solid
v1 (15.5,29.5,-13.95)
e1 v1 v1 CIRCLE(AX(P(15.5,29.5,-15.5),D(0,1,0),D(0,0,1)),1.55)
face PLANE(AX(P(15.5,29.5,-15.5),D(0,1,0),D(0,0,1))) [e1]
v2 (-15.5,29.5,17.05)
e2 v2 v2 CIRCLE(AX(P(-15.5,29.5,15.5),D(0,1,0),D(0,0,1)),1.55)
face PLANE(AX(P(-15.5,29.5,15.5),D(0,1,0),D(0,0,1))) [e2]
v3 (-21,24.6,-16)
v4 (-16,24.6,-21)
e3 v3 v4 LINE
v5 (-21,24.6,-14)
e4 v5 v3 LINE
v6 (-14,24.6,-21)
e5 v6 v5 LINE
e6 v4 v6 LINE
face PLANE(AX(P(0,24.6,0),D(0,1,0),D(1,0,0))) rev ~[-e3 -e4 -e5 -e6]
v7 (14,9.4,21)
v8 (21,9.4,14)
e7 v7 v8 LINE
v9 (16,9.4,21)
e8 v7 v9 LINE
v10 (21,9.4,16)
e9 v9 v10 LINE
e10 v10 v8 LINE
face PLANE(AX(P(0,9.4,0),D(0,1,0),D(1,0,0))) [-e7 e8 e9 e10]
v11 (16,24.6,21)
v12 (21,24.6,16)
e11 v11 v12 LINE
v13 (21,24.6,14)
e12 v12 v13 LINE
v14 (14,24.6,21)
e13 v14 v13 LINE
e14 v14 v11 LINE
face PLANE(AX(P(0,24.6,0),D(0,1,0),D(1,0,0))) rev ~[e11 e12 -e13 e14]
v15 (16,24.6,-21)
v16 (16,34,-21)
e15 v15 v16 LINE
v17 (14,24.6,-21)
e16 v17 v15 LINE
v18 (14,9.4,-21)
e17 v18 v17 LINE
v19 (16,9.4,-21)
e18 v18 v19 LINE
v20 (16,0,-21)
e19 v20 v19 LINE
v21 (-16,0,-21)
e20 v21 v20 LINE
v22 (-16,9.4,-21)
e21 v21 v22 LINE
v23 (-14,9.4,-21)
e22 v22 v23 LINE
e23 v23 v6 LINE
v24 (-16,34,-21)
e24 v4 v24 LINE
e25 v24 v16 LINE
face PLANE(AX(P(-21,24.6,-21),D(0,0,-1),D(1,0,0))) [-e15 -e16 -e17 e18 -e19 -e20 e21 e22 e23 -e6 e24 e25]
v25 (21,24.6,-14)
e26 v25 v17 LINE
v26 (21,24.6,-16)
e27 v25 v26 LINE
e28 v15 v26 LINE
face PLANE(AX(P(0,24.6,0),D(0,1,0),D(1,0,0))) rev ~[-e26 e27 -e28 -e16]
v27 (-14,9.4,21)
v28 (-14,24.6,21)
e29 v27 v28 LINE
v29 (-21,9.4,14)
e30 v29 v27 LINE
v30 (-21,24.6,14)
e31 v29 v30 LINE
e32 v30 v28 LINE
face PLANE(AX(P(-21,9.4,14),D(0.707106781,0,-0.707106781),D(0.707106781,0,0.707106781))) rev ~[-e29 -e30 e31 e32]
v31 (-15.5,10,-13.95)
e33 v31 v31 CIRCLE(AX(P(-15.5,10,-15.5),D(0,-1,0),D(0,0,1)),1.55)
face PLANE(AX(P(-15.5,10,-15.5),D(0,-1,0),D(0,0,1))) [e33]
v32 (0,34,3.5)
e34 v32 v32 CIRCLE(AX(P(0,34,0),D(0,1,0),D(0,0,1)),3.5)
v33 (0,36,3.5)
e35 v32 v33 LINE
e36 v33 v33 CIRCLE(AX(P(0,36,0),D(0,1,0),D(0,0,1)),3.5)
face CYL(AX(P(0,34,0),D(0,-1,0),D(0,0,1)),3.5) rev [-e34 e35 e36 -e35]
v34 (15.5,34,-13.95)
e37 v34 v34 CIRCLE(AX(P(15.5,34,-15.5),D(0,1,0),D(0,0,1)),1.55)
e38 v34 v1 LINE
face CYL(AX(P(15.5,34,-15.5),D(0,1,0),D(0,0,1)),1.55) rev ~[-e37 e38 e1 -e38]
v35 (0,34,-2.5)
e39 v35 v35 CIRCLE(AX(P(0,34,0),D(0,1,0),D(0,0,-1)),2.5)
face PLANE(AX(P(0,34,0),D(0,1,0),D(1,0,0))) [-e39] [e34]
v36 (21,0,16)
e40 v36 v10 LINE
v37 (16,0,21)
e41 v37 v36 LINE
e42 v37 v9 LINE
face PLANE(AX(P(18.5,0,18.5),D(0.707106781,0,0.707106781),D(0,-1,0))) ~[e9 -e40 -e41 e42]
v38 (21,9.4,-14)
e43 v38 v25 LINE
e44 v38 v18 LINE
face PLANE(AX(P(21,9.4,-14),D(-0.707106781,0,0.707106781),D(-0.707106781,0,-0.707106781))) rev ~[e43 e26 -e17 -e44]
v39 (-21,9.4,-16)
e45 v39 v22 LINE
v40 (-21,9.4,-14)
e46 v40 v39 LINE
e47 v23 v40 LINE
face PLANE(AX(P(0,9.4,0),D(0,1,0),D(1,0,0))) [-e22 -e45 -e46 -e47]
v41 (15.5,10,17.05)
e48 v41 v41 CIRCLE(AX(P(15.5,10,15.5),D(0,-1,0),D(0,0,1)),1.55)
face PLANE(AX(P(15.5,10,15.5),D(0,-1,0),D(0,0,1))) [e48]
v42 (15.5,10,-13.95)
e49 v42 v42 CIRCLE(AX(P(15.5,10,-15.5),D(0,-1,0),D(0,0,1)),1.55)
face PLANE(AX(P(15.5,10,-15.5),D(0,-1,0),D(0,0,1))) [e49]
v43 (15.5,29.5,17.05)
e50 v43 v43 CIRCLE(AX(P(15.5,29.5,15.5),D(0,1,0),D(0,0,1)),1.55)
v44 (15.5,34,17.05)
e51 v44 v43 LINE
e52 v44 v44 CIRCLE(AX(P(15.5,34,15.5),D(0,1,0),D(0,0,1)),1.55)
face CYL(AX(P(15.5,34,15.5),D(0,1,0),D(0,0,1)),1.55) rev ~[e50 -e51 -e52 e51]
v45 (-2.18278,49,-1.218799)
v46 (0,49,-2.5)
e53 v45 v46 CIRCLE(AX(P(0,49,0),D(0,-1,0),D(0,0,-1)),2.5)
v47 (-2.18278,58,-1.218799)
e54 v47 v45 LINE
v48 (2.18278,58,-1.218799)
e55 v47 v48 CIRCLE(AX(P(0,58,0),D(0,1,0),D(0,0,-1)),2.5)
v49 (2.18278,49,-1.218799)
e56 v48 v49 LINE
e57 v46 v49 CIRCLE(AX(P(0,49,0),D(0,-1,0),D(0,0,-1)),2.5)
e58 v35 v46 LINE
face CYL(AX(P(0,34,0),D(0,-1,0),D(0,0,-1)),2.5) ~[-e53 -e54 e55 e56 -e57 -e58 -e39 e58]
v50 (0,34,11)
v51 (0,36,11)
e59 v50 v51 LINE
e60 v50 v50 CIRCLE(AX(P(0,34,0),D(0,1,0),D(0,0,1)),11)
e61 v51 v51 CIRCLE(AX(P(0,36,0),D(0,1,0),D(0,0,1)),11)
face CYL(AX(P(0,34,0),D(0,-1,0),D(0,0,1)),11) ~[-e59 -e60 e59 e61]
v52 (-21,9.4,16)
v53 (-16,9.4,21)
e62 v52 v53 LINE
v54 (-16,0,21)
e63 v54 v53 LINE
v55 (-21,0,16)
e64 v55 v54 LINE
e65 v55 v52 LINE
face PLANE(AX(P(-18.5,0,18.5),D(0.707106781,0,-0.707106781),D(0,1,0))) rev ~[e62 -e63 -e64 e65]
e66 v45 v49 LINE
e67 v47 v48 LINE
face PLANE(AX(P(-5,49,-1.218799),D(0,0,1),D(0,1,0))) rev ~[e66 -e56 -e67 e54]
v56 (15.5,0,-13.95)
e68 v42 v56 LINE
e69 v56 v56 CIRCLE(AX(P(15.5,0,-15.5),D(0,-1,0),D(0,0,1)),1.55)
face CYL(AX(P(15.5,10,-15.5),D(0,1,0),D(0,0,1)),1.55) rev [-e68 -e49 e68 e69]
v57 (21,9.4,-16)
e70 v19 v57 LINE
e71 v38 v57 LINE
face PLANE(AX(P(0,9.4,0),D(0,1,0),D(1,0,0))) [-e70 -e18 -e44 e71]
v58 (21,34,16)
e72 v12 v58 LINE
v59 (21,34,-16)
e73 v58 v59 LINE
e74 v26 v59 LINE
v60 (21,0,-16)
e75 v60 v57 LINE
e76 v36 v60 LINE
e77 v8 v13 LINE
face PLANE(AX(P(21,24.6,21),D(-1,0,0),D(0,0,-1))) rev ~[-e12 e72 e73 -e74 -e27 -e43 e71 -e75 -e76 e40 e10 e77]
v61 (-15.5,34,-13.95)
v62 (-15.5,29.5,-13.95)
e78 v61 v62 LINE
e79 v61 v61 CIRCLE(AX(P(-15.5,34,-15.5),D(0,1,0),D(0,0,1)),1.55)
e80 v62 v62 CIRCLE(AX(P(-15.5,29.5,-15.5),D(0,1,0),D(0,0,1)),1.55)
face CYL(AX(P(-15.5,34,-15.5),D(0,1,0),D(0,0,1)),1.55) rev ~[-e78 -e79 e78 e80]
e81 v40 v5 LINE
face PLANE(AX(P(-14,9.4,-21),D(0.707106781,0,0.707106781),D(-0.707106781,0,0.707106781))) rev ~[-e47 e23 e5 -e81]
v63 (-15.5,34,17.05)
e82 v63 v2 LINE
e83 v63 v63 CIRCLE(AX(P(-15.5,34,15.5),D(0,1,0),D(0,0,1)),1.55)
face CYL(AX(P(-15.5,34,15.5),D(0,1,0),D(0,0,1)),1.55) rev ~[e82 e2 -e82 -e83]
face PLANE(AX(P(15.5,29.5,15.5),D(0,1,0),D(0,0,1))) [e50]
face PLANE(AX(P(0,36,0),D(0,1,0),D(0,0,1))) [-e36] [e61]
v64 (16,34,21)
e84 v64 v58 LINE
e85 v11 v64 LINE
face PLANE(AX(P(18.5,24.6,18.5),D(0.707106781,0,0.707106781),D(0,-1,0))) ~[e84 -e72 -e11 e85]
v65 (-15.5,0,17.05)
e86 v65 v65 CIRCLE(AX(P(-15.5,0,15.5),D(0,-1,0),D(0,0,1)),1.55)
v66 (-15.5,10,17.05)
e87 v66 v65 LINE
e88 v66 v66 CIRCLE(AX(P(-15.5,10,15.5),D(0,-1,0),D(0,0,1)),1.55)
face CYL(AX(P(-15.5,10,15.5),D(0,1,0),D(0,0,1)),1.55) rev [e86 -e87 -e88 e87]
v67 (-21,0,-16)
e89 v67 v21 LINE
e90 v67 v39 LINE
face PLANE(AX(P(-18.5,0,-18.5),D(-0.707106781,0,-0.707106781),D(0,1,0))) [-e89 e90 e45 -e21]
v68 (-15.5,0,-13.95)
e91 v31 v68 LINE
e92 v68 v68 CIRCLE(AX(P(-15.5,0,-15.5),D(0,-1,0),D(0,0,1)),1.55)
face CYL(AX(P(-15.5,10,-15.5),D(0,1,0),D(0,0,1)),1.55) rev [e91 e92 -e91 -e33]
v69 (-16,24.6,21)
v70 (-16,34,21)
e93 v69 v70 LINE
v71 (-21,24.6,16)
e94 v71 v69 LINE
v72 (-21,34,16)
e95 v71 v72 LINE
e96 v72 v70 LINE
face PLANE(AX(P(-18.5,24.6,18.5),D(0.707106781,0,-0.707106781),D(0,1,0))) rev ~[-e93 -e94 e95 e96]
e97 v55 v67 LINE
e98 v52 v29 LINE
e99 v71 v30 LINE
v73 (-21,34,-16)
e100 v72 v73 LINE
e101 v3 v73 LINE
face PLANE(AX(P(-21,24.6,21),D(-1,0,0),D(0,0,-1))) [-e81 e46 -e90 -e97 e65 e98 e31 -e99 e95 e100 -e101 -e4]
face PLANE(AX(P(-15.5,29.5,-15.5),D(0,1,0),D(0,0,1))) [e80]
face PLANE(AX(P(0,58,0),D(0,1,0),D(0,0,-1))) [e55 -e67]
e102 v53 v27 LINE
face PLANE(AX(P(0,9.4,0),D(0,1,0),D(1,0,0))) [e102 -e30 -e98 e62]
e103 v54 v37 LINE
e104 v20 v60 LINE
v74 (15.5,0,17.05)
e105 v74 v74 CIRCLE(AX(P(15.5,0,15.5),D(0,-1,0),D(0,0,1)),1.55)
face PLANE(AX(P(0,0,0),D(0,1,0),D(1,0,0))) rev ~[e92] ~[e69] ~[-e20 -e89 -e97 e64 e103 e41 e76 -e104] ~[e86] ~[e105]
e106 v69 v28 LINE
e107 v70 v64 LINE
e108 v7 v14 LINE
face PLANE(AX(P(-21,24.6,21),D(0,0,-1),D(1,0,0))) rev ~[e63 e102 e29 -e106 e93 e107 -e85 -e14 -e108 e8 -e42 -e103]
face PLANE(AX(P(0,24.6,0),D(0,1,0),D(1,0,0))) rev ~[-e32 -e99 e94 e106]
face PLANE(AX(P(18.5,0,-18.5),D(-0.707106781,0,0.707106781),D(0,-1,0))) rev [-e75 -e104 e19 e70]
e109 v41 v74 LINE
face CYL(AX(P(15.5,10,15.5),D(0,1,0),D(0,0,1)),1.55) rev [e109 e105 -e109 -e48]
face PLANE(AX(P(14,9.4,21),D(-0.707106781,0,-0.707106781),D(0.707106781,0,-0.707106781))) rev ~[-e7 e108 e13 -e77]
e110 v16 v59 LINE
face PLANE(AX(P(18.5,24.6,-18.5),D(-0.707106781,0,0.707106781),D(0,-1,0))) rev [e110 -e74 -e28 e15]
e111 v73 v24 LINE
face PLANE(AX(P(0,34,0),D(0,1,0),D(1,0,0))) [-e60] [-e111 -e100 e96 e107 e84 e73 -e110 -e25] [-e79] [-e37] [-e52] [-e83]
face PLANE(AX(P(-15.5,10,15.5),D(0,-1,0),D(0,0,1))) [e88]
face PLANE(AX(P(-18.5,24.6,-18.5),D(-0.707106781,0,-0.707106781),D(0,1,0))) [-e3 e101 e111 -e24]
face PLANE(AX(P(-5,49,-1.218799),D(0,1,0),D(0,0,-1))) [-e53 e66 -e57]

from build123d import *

# Parameters (mm, degrees)
SKETCH4_W               = 42
SKETCH4_H               = 42
BOTTOM_DEPTH            = 9.4
MIDDLE_DEPTH            = 15.2
SKETCH8_W               = 42
SKETCH8_H               = 42
TOP_DEPTH               = 9.4
CHAMFER1_SIZE           = 5
SKETCH9_R               = 11
SKETCH9_R_2             = 3.5
RING_DEPTH              = 2
SKETCH10_R              = 2.5
SHAFT_DEPTH             = 24
CUT_EXTRUDE3_DEPTH      = 5
CUT_EXTRUDE3_DEPTH_BACK = 5
SKETCH11_W              = 2.239647547
SKETCH11_H              = 24.242457261
SKETCH12_R              = 1.55
CUT_EXTRUDE4_DEPTH      = 4.5
CUT_EXTRUDE5_START      = -10
SKETCH15_R              = 1.55
CUT_EXTRUDE5_DEPTH      = 10


with BuildPart() as part:
    # Sketch4 → Bottom (new body)
    with BuildSketch(Plane(origin=(0, 0, 0), x_dir=(1, 0, 0), z_dir=(0, 1, 0))):
        Rectangle(SKETCH4_W, SKETCH4_H)
    extrude(amount=BOTTOM_DEPTH)

    # Sketch6 → Middle (add)
    with BuildSketch(Plane(origin=(0, 9.4, 0), x_dir=(1, 0, 0), z_dir=(0, 1, 0))):
        Polygon((-21, -14), (-14, -21), (14, -21), (21, -14), (21, 14), (14, 21), (-14, 21), (-21, 14), align=None)
    extrude(amount=MIDDLE_DEPTH)

    # Sketch8 → Top (add)
    with BuildSketch(Plane(origin=(0, 24.6, 0), x_dir=(1, 0, 0), z_dir=(0, 1, 0))):
        Rectangle(SKETCH8_W, SKETCH8_H)
    extrude(amount=TOP_DEPTH)

    # Chamfer1
    chamfer1_edges = [part.edges().sort_by_distance(p)[0] for p in [
        (21, 29.3, 21),
        (21, 29.3, -21),
        (-21, 29.3, -21),
        (-21, 29.3, 21),
        (-21, 4.7, 21),
        (-21, 4.7, -21),
        (21, 4.7, -21),
        (21, 4.7, 21),
    ]]
    chamfer(chamfer1_edges, length=CHAMFER1_SIZE)

    # Sketch9 → Ring (add)
    with BuildSketch(Plane(origin=(0, 34, 0), x_dir=(1, 0, 0), z_dir=(0, 1, 0))):
        with Locations(Location((0, 0, 0), (0, 0, 270))):
            Circle(SKETCH9_R)
        with Locations(Location((0, 0, 0), (0, 0, 270))):
            Circle(SKETCH9_R_2, mode=Mode.SUBTRACT)
    extrude(amount=RING_DEPTH)

    # Sketch10 → Shaft (add)
    with BuildSketch(Plane(origin=(0, 34, 0), x_dir=(1, 0, 0), z_dir=(0, 1, 0))):
        with Locations(Location((0, 0, 0), (0, 0, 90))):
            Circle(SKETCH10_R)
    extrude(amount=SHAFT_DEPTH)

    # Sketch11 → Cut-Extrude3 (cut, two sides: drawn at the far end of the back side and taken through both)
    with BuildSketch(Plane(origin=(0, 0, 0), x_dir=(0, 0, -1), z_dir=(1, 0, 0)).offset(-CUT_EXTRUDE3_DEPTH_BACK)):
        with Locations((2.338622492, 61.12122863)):
            Rectangle(SKETCH11_W, SKETCH11_H)
    extrude(amount=CUT_EXTRUDE3_DEPTH + CUT_EXTRUDE3_DEPTH_BACK, mode=Mode.SUBTRACT)

    # Sketch12 → Cut-Extrude4 (cut)
    with BuildSketch(Plane(origin=(0, 34, 0), x_dir=(1, 0, 0), z_dir=(0, 1, 0))):
        with Locations(Location((15.5, -15.5, 0), (0, 0, 270))):
            Circle(SKETCH12_R)
        with Locations(Location((-15.5, -15.5, 0), (0, 0, 270))):
            Circle(SKETCH12_R)
        with Locations(Location((-15.5, 15.5, 0), (0, 0, 270))):
            Circle(SKETCH12_R)
        with Locations(Location((15.5, 15.5, 0), (0, 0, 270))):
            Circle(SKETCH12_R)
    extrude(amount=-CUT_EXTRUDE4_DEPTH, mode=Mode.SUBTRACT)

    # Sketch15 → Cut-Extrude5 (cut)
    with BuildSketch(Plane.XZ.offset(CUT_EXTRUDE5_START)):
        with Locations(Location((15.5, 15.5, 0), (0, 0, 90))):
            Circle(SKETCH15_R)
        with Locations(Location((15.5, -15.5, 0), (0, 0, 90))):
            Circle(SKETCH15_R)
        with Locations(Location((-15.5, 15.5, 0), (0, 0, 90))):
            Circle(SKETCH15_R)
        with Locations(Location((-15.5, -15.5, 0), (0, 0, 90))):
            Circle(SKETCH15_R)
    extrude(amount=CUT_EXTRUDE5_DEPTH, mode=Mode.SUBTRACT)


solid = part.part
